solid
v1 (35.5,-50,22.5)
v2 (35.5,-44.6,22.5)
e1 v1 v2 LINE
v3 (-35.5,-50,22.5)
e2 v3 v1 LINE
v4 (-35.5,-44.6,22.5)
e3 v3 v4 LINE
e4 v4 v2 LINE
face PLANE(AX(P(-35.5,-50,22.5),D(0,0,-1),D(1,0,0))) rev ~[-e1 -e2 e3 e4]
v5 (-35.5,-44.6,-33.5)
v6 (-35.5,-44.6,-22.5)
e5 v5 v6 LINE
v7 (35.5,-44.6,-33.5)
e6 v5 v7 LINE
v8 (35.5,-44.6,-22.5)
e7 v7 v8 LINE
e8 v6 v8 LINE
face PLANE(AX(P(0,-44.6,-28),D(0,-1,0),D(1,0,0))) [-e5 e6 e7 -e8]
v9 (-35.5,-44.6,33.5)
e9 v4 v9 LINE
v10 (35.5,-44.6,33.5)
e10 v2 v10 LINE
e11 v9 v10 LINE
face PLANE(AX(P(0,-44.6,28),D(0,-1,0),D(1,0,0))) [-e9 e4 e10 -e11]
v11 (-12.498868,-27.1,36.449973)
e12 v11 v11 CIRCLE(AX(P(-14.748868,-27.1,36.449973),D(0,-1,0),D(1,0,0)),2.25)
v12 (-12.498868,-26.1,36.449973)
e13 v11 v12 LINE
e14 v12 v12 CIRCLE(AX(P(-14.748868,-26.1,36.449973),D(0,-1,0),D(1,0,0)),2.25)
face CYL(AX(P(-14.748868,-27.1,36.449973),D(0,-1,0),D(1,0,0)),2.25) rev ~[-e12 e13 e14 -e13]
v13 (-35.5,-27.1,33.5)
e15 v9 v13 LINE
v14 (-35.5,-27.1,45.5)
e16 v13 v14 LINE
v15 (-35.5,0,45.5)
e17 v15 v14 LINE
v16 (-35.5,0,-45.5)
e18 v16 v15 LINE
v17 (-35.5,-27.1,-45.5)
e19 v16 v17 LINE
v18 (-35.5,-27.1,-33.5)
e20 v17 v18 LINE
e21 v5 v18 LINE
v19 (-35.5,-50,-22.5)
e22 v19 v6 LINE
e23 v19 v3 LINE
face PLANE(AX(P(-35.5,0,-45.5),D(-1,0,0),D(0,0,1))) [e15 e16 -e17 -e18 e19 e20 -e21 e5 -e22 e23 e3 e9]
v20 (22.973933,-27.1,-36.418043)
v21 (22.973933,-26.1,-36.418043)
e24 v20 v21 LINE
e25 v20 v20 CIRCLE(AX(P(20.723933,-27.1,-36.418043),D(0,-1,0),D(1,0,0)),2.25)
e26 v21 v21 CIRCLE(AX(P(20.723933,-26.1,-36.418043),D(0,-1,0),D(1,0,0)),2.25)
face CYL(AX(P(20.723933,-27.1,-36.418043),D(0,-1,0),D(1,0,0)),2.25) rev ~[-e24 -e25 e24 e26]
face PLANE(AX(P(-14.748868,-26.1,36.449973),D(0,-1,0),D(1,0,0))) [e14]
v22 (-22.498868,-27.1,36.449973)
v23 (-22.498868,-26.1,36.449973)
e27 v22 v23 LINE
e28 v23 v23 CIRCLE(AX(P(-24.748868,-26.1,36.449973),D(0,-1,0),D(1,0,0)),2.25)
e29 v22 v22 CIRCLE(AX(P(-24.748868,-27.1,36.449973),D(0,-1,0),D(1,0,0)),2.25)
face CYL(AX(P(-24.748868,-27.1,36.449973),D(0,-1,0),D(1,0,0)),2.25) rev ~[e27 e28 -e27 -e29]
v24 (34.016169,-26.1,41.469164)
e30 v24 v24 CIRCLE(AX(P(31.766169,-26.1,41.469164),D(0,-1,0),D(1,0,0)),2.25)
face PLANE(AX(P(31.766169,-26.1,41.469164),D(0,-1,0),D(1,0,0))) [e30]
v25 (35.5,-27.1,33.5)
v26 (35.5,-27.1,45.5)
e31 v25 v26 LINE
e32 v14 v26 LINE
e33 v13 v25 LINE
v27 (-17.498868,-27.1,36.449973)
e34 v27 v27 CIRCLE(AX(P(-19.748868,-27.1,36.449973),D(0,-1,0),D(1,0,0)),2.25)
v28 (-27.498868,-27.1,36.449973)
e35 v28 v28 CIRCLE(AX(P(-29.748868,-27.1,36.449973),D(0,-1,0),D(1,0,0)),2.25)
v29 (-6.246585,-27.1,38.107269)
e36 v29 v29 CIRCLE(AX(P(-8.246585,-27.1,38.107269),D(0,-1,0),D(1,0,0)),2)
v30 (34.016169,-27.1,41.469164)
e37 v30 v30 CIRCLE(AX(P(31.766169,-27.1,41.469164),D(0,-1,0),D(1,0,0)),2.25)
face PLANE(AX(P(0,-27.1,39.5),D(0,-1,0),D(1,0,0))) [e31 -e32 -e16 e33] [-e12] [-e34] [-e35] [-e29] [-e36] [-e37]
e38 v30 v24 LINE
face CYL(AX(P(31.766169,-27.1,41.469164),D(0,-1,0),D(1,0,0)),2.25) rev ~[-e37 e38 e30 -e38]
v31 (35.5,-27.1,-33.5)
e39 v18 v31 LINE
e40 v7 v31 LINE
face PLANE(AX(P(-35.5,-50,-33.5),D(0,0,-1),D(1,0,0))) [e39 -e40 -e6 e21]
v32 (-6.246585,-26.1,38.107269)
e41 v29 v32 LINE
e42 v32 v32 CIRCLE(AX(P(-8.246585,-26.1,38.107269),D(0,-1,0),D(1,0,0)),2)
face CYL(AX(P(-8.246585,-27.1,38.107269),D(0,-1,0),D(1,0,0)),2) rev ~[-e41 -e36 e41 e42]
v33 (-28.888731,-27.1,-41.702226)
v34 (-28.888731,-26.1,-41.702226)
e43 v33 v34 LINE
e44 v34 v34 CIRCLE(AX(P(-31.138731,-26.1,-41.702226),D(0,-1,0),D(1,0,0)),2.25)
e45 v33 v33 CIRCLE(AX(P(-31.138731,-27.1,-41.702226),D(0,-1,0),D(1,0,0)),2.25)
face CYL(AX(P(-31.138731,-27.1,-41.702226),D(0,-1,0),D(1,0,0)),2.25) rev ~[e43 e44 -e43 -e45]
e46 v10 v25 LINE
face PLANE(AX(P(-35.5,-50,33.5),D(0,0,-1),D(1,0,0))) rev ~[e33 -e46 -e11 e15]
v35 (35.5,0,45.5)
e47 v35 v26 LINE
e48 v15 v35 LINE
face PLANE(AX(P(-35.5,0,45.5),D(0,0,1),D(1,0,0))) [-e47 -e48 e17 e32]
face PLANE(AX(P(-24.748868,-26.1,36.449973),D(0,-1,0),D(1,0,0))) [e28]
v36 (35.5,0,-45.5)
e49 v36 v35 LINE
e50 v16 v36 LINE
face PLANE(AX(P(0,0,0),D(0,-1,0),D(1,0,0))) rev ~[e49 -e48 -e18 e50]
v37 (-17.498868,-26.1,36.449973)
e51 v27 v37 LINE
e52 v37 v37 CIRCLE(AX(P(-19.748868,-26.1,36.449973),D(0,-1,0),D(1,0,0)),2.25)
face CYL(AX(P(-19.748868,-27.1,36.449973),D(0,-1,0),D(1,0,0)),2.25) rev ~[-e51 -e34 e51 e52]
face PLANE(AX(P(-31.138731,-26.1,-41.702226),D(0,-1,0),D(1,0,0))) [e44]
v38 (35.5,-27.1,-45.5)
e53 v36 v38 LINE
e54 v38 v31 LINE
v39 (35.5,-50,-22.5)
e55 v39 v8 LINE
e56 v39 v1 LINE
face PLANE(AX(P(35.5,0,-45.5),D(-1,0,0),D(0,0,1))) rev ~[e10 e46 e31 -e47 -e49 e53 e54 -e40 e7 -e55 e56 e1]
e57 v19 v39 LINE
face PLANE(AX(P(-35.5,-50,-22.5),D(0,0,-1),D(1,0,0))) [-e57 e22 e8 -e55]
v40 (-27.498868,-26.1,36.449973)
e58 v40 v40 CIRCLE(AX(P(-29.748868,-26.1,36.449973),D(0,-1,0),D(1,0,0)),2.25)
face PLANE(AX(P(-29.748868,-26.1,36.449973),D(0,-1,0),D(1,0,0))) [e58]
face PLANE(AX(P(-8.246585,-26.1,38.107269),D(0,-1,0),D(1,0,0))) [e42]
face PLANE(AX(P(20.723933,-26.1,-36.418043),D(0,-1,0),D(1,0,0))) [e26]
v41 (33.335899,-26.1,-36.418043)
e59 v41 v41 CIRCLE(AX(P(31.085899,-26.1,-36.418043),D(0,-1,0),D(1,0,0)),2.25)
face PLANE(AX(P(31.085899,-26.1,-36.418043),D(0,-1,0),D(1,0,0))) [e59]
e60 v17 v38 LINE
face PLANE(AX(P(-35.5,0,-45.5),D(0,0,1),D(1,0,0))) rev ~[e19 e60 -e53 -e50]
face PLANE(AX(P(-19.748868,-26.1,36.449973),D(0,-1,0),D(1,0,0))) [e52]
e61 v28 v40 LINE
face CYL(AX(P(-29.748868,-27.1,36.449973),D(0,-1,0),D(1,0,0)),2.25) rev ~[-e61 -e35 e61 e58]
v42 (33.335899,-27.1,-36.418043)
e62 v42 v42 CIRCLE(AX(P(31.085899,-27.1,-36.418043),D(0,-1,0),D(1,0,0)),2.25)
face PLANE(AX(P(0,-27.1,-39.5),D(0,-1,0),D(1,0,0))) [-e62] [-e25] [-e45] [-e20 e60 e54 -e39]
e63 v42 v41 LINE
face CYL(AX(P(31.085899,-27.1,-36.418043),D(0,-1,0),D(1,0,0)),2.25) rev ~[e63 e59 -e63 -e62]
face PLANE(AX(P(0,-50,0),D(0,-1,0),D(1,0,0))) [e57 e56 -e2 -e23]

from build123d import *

# Parameters (mm, degrees)
F0_W     = 71
F0_H     = 91
F1_DEPTH = 50
F2_W     = 71
F2_H     = 12
F3_DEPTH = 22.9
F4_W     = 71
F4_H     = 11
F5_DEPTH = 5.4
F6_R     = 2.25
F6_R_2   = 2
F7_DEPTH = 1


with BuildPart() as f1:
    # F0 (on Front) → F1 (new body)
    with BuildSketch(Plane.XZ):
        Rectangle(F0_W, F0_H)
    extrude(amount=F1_DEPTH)

    # F2 (on face) → F3 (cut)
    with BuildSketch(Plane.XZ.offset(50)):
        with Locations((0, 39.5)):
            Rectangle(F2_W, F2_H)
        with Locations((0, -39.5)):
            Rectangle(F2_W, F2_H)
    extrude(amount=-F3_DEPTH, mode=Mode.SUBTRACT)

    # F4 (on face) → F5 (cut)
    with BuildSketch(Plane.XZ.offset(50)):
        with Locations((0, 28)):
            Rectangle(F4_W, F4_H)
        with Locations((0, -28)):
            Rectangle(F4_W, F4_H)
    extrude(amount=-F5_DEPTH, mode=Mode.SUBTRACT)

    # F6 (on face) → F7 (cut)
    with BuildSketch(Plane.XZ.offset(27.1)):
        with Locations((-29.748868, 36.449973)):
            Circle(F6_R)
        with Locations((-24.748868, 36.449973)):
            Circle(F6_R)
        with Locations((-19.748868, 36.449973)):
            Circle(F6_R)
        with Locations((-14.748868, 36.449973)):
            Circle(F6_R)
        with Locations((-8.246585, 38.107269)):
            Circle(F6_R_2)
        with Locations((31.766169, 41.469164)):
            Circle(F6_R)
        with Locations((-31.138731, -41.702226)):
            Circle(F6_R)
        with Locations((20.723933, -36.418043)):
            Circle(F6_R)
        with Locations((31.085899, -36.418043)):
            Circle(F6_R)
    extrude(amount=-F7_DEPTH, mode=Mode.SUBTRACT)


solid = f1.part
